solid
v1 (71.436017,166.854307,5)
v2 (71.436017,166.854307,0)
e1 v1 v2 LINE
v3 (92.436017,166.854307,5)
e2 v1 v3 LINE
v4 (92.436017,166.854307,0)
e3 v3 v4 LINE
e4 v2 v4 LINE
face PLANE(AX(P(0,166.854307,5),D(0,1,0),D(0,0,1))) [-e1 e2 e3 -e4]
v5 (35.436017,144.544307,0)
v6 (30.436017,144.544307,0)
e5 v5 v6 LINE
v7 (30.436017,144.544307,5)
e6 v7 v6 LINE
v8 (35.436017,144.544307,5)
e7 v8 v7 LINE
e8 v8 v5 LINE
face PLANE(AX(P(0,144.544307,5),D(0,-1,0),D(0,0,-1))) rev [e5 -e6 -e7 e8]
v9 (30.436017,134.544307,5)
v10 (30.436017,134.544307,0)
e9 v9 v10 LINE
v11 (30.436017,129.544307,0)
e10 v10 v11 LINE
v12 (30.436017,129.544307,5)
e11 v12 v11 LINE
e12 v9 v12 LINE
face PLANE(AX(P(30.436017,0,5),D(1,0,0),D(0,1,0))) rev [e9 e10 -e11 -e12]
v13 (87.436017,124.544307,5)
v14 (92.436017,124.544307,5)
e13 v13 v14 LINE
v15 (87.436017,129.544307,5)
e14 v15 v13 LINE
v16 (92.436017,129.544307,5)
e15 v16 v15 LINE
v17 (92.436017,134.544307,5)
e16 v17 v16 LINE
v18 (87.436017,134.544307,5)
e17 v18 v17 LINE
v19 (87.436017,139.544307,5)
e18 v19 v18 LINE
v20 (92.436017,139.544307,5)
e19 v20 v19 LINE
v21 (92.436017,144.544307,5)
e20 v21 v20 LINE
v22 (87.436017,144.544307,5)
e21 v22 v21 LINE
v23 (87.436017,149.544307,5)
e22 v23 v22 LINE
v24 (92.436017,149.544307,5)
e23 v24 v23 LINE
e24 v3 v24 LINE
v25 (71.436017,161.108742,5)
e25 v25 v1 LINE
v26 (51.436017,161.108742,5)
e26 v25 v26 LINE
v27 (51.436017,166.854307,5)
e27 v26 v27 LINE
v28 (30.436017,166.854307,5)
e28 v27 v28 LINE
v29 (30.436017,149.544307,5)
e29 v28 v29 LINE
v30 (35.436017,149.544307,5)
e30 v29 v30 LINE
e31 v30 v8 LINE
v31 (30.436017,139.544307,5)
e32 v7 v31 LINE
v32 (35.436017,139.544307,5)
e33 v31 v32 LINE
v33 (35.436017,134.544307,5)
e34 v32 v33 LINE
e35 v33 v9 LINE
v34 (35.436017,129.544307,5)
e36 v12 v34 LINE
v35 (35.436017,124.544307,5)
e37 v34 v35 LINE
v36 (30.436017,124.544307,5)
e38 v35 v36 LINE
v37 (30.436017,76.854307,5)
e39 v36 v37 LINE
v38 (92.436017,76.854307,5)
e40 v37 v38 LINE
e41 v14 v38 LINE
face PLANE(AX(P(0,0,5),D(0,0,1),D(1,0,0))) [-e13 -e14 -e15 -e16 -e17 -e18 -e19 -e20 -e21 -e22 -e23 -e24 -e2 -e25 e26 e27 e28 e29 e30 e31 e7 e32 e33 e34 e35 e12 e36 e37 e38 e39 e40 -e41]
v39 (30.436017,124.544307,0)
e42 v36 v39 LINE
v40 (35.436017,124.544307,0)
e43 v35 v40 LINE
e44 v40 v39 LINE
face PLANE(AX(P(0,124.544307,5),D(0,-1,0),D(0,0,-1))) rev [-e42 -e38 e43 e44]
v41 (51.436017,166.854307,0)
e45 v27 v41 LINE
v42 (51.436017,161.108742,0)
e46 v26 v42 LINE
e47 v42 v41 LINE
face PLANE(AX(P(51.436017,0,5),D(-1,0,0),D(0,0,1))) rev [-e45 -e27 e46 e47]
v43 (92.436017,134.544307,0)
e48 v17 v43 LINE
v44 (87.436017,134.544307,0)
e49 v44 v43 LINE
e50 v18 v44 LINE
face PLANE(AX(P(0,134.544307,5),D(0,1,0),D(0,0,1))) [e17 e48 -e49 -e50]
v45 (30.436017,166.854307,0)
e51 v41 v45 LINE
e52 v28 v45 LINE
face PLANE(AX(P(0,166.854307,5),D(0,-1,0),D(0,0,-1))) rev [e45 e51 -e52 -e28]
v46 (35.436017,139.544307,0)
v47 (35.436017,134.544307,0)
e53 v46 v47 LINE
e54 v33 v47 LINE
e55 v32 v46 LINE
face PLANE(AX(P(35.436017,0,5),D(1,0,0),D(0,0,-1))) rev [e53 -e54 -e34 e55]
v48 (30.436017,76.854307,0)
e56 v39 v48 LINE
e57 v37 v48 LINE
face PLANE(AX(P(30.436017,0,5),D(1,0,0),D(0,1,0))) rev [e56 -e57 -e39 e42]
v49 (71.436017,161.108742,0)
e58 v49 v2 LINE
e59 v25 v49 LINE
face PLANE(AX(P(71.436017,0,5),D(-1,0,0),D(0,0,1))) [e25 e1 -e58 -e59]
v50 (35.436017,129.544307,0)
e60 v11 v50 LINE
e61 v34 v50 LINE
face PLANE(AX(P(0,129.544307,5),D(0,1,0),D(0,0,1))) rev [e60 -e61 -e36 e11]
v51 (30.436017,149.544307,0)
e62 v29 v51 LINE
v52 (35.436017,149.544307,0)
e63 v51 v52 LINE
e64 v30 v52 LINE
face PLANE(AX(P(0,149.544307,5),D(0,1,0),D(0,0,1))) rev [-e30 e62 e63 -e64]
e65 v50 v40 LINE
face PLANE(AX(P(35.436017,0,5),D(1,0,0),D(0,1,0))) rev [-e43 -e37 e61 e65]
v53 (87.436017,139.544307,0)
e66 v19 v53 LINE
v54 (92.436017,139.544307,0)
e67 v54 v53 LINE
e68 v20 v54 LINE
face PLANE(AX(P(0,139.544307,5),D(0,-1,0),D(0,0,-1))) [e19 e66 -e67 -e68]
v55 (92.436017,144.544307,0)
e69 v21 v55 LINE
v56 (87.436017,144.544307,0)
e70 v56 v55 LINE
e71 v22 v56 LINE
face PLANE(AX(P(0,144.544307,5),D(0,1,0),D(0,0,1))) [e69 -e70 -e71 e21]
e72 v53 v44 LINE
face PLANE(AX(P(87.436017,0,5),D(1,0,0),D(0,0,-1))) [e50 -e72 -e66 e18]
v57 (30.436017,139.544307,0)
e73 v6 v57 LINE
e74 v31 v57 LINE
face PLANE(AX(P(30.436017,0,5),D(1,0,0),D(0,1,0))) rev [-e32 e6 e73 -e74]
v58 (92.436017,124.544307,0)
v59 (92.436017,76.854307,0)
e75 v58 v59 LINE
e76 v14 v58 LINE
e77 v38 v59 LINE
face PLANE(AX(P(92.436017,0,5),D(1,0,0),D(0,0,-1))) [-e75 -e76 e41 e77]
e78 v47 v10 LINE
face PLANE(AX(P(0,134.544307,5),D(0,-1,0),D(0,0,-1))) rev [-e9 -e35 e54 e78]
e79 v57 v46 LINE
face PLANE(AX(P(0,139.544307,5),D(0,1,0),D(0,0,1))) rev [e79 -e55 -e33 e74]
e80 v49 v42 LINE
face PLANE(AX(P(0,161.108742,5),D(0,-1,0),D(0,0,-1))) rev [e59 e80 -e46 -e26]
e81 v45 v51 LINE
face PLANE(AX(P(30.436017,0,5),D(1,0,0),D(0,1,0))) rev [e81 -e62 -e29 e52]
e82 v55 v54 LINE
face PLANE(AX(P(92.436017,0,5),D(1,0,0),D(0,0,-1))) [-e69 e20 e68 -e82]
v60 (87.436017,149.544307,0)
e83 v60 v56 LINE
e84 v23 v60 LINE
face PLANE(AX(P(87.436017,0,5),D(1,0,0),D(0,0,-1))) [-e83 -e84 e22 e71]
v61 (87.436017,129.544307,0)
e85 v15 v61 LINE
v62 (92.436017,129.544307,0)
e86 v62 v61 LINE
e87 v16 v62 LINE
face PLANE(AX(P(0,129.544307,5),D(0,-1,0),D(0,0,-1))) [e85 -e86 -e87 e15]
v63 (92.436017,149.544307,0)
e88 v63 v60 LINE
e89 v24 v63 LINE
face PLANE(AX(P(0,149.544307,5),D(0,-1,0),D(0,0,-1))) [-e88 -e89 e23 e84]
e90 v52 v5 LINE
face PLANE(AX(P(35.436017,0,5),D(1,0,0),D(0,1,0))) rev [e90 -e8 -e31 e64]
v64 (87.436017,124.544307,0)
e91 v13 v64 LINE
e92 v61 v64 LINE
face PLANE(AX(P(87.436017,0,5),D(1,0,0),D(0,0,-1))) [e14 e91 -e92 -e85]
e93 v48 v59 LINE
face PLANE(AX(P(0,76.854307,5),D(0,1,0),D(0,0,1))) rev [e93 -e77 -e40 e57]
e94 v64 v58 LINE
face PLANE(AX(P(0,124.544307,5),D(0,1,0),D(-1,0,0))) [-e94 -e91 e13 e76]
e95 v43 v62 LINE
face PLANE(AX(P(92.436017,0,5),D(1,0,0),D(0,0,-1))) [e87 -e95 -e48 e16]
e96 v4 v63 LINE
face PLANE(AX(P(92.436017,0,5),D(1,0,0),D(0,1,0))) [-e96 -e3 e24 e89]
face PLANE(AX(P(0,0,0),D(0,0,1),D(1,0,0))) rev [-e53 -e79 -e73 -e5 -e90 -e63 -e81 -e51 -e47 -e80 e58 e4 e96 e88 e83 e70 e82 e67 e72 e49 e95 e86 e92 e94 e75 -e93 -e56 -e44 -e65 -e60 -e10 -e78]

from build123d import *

# Parameters (mm, degrees)
BOSS_EXTRU_1_DEPTH = 5


with BuildPart() as part:
    # Esquisse2 → Boss.-Extru.1 (new body)
    with BuildSketch(Plane.XY):
        Polygon((71.436017117, 166.854307047), (71.436017117, 161.108741686), (51.436017117, 161.108741686), (51.436017117, 166.854307047), (30.436017117, 166.854307047), (30.436017117, 149.544307047), (35.436017117, 149.544307047), (35.436017117, 144.544307047), (30.436017117, 144.544307047), (30.436017117, 139.544307047), (35.436017117, 139.544307047), (35.436017117, 134.544307047), (30.436017117, 134.544307047), (30.436017117, 129.544307047), (35.436017117, 129.544307047), (35.436017117, 124.544307047), (30.436017117, 124.544307047), (30.436017117, 76.854307047), (61.436017117, 76.854307047), (92.436017117, 76.854307047), (92.436017117, 124.544307047), (87.436017117, 124.544307047), (87.436017117, 129.544307047), (92.436017117, 129.544307047), (92.436017117, 134.544307047), (87.436017117, 134.544307047), (87.436017117, 139.544307047), (92.436017117, 139.544307047), (92.436017117, 144.544307047), (87.436017117, 144.544307047), (87.436017117, 149.544307047), (92.436017117, 149.544307047), (92.436017117, 166.854307047), align=None)
    extrude(amount=BOSS_EXTRU_1_DEPTH)


solid = part.part
